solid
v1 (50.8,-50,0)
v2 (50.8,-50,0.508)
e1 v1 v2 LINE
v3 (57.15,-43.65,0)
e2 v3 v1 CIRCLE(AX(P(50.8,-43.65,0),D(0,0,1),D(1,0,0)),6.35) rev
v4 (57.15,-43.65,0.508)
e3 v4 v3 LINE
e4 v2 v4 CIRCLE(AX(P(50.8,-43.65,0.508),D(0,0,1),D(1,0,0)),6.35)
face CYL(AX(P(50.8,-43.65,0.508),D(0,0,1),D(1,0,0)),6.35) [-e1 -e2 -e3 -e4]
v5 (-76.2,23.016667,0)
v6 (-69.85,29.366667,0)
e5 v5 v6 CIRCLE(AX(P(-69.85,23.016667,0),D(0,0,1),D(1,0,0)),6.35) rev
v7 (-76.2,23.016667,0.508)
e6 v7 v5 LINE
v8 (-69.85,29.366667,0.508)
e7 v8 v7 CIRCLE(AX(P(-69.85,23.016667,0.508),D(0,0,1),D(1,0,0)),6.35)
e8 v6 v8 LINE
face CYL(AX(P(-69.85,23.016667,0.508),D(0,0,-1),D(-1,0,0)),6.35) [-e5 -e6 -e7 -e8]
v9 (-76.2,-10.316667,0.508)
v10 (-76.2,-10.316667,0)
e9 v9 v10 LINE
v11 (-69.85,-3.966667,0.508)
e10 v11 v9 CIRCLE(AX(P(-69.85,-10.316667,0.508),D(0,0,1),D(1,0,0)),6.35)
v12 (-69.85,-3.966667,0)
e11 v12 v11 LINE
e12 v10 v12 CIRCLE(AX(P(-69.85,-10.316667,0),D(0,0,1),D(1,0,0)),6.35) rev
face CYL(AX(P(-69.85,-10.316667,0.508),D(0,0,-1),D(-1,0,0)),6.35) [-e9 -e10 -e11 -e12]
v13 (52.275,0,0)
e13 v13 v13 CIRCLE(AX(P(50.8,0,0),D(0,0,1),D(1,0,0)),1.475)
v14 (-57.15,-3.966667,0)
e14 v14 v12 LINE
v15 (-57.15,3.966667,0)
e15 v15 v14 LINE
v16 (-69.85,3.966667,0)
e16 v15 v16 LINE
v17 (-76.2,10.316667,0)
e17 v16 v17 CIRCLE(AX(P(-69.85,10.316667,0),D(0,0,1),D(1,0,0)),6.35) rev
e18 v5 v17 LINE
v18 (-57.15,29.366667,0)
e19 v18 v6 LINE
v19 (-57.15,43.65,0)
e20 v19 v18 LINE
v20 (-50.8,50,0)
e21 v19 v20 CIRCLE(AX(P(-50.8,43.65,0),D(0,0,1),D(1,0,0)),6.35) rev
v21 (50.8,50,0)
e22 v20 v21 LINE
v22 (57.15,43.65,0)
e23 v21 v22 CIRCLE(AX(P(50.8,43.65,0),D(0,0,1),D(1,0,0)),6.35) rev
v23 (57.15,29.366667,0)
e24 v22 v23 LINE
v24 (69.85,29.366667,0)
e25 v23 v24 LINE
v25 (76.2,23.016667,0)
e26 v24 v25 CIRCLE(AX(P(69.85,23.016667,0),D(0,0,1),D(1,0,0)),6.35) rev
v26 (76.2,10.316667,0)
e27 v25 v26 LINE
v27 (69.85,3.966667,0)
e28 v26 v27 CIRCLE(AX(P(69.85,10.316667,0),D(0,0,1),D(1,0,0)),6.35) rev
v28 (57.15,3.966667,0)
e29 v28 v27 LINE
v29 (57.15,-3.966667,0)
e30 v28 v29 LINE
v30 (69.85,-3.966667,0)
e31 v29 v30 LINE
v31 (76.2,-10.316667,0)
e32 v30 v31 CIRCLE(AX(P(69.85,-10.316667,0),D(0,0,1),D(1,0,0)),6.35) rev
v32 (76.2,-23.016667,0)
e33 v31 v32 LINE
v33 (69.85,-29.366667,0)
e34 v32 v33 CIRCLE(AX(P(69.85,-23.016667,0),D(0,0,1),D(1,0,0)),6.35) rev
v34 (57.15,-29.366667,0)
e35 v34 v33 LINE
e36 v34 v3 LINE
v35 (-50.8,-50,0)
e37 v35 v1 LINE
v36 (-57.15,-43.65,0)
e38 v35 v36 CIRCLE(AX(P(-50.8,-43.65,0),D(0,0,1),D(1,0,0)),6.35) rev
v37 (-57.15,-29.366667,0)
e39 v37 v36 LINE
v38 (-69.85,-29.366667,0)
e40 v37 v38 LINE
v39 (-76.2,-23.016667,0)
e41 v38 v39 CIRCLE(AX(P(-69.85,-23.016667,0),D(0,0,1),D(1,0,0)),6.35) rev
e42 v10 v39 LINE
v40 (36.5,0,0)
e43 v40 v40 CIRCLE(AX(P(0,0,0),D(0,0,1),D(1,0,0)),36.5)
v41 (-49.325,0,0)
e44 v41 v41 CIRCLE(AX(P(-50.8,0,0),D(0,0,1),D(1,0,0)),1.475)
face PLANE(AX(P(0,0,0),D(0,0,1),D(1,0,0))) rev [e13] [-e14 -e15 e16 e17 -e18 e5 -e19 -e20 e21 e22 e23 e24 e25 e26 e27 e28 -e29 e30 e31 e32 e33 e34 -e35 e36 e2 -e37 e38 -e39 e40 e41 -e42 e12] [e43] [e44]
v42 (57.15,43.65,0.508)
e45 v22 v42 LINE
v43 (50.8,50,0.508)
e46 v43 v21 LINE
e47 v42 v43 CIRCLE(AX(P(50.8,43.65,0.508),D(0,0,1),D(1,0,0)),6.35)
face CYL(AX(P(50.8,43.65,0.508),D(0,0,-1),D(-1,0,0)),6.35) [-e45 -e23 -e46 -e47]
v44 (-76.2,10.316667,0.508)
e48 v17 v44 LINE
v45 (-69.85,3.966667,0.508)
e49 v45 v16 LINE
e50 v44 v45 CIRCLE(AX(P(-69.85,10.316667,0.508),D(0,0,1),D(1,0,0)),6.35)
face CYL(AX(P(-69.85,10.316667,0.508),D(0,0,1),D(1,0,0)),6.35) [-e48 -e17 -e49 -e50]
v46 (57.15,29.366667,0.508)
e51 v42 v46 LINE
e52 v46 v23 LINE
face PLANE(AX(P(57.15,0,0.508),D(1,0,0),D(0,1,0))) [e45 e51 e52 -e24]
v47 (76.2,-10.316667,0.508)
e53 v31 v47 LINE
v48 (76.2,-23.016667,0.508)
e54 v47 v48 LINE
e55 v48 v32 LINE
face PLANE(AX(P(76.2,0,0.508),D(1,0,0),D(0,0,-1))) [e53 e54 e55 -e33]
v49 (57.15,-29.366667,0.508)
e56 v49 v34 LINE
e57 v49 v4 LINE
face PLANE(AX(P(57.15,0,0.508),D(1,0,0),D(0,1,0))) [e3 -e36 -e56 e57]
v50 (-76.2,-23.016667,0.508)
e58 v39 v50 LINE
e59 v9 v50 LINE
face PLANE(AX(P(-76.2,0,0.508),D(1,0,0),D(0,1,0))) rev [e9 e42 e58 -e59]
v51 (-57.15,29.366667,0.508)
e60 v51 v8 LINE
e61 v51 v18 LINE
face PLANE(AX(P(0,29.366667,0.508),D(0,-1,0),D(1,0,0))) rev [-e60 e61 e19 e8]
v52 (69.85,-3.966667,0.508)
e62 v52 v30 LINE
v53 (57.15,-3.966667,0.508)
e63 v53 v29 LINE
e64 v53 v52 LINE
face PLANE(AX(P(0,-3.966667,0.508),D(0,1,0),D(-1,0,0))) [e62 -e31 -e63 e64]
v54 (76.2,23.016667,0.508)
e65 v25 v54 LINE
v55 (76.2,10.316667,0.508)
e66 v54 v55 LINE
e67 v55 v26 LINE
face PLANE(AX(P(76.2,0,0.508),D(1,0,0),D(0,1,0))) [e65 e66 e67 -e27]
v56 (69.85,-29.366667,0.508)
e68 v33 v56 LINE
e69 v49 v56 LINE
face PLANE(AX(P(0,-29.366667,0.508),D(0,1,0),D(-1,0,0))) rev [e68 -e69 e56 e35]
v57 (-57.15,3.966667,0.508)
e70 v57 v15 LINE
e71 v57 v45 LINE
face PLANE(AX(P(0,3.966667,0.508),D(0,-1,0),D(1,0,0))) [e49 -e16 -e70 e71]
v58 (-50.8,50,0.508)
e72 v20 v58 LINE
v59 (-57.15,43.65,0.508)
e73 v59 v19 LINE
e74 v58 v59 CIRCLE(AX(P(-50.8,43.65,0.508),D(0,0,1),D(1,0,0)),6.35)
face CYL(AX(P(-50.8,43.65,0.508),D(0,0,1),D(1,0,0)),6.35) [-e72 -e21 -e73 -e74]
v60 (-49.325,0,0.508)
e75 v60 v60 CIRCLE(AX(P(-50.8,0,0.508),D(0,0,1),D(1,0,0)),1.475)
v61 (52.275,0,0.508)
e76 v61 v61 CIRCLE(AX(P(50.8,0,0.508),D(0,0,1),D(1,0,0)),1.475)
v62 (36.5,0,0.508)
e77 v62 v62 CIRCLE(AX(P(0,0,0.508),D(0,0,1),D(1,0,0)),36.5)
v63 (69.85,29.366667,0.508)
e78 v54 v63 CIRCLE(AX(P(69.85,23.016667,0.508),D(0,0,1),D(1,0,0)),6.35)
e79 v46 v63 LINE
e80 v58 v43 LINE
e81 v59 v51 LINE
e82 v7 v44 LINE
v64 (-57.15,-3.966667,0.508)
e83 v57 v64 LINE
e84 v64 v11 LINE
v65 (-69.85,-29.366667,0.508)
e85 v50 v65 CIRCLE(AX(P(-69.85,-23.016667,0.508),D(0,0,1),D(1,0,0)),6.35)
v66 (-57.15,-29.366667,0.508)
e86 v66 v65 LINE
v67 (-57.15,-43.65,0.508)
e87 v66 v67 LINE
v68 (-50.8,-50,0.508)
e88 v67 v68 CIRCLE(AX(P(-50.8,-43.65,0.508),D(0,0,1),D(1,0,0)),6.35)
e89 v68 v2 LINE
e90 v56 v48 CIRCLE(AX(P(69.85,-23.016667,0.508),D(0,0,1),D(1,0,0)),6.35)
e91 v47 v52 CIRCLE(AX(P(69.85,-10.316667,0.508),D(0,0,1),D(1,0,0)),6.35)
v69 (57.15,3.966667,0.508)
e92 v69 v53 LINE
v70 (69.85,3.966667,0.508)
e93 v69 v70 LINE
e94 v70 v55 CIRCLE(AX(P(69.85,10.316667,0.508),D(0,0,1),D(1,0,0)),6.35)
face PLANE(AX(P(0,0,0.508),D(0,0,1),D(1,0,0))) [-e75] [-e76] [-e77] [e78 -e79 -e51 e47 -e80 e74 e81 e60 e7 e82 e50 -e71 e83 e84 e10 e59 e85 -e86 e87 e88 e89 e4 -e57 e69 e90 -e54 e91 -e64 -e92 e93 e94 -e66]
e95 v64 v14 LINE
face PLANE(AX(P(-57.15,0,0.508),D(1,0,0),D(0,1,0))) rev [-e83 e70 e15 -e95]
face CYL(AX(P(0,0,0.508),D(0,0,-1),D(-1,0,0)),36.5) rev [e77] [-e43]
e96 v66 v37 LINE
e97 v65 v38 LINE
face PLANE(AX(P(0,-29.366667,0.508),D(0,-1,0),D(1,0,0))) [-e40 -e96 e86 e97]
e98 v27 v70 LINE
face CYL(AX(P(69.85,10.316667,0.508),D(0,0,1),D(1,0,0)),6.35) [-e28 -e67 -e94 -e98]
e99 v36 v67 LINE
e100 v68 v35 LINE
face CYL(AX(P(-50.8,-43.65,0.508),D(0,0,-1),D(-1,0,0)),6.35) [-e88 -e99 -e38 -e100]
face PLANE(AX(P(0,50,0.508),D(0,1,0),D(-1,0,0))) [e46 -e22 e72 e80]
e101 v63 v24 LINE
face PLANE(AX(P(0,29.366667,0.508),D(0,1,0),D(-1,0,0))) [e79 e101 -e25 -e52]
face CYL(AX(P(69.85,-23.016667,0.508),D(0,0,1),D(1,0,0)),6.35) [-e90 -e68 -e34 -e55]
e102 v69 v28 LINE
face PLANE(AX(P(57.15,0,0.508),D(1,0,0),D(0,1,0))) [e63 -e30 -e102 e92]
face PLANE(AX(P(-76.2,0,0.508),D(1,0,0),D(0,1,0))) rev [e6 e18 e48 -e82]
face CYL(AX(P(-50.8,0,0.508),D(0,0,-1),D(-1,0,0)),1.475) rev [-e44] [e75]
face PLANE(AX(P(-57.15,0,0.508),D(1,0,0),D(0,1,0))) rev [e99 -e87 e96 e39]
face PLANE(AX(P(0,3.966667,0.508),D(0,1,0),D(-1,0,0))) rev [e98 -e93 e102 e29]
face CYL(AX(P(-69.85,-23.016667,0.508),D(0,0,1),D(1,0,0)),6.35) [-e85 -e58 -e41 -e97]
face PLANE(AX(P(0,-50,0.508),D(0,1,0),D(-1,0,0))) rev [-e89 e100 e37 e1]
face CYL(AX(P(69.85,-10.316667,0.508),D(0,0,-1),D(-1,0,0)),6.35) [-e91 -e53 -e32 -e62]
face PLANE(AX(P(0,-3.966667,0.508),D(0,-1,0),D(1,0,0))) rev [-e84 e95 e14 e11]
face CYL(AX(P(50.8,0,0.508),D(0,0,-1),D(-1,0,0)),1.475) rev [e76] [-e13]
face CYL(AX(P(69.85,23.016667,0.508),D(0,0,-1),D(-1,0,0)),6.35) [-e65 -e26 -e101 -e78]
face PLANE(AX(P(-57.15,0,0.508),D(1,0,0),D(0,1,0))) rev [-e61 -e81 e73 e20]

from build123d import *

# Parameters (mm, degrees)
SKETCH2_W           = 114.3
SKETCH2_H           = 100
SKETCH2_R           = 1.475
SKETCH2_R_2         = 36.5
SKETCH2_W_2         = 19.05
SKETCH2_H_2         = 25.4
BOSS_EXTRUDE1_DEPTH = 0.508
FILLET1_R           = 6.35


with BuildPart() as part:
    # Sketch2 → Boss-Extrude1 (new body)
    # profile 1 of 5: a face of its own
    with BuildSketch(Plane.XY):
        Rectangle(SKETCH2_W, SKETCH2_H)
        with Locations((50.8, 0)):
            Circle(SKETCH2_R, mode=Mode.SUBTRACT)
        with Locations((-50.8, 0)):
            Circle(SKETCH2_R, mode=Mode.SUBTRACT)
        Circle(SKETCH2_R_2, mode=Mode.SUBTRACT)
    # profile 2 of 5: a face of its own
    with BuildSketch(Plane.XY):
        with Locations((-66.675, 16.666666667)):
            Rectangle(SKETCH2_W_2, SKETCH2_H_2)
    # profile 3 of 5: a face of its own
    with BuildSketch(Plane.XY):
        with Locations((-66.675, -16.666666667)):
            Rectangle(SKETCH2_W_2, SKETCH2_H_2)
    # profile 4 of 5: a face of its own
    with BuildSketch(Plane.XY):
        with Locations((66.675, 16.666666667)):
            Rectangle(SKETCH2_W_2, SKETCH2_H_2)
    # profile 5 of 5: a face of its own
    with BuildSketch(Plane.XY):
        with Locations((66.675, -16.666666667)):
            Rectangle(SKETCH2_W_2, SKETCH2_H_2)
    extrude(amount=BOSS_EXTRUDE1_DEPTH)

    # Fillet1
    fillet1_edges = [part.edges().sort_by_distance(p)[0] for p in [
        (76.2, 29.366666667, 0.254),
        (76.2, 3.966666667, 0.254),
        (76.2, -3.966666667, 0.254),
        (76.2, -29.366666667, 0.254),
        (57.15, -50, 0.254),
        (-57.15, -50, 0.254),
        (-76.2, -29.366666667, 0.254),
        (-76.2, -3.966666667, 0.254),
        (-76.2, 3.966666667, 0.254),
        (-76.2, 29.366666667, 0.254),
        (-57.15, 50, 0.254),
        (57.15, 50, 0.254),
    ]]
    fillet(fillet1_edges, radius=FILLET1_R)


solid = part.part
